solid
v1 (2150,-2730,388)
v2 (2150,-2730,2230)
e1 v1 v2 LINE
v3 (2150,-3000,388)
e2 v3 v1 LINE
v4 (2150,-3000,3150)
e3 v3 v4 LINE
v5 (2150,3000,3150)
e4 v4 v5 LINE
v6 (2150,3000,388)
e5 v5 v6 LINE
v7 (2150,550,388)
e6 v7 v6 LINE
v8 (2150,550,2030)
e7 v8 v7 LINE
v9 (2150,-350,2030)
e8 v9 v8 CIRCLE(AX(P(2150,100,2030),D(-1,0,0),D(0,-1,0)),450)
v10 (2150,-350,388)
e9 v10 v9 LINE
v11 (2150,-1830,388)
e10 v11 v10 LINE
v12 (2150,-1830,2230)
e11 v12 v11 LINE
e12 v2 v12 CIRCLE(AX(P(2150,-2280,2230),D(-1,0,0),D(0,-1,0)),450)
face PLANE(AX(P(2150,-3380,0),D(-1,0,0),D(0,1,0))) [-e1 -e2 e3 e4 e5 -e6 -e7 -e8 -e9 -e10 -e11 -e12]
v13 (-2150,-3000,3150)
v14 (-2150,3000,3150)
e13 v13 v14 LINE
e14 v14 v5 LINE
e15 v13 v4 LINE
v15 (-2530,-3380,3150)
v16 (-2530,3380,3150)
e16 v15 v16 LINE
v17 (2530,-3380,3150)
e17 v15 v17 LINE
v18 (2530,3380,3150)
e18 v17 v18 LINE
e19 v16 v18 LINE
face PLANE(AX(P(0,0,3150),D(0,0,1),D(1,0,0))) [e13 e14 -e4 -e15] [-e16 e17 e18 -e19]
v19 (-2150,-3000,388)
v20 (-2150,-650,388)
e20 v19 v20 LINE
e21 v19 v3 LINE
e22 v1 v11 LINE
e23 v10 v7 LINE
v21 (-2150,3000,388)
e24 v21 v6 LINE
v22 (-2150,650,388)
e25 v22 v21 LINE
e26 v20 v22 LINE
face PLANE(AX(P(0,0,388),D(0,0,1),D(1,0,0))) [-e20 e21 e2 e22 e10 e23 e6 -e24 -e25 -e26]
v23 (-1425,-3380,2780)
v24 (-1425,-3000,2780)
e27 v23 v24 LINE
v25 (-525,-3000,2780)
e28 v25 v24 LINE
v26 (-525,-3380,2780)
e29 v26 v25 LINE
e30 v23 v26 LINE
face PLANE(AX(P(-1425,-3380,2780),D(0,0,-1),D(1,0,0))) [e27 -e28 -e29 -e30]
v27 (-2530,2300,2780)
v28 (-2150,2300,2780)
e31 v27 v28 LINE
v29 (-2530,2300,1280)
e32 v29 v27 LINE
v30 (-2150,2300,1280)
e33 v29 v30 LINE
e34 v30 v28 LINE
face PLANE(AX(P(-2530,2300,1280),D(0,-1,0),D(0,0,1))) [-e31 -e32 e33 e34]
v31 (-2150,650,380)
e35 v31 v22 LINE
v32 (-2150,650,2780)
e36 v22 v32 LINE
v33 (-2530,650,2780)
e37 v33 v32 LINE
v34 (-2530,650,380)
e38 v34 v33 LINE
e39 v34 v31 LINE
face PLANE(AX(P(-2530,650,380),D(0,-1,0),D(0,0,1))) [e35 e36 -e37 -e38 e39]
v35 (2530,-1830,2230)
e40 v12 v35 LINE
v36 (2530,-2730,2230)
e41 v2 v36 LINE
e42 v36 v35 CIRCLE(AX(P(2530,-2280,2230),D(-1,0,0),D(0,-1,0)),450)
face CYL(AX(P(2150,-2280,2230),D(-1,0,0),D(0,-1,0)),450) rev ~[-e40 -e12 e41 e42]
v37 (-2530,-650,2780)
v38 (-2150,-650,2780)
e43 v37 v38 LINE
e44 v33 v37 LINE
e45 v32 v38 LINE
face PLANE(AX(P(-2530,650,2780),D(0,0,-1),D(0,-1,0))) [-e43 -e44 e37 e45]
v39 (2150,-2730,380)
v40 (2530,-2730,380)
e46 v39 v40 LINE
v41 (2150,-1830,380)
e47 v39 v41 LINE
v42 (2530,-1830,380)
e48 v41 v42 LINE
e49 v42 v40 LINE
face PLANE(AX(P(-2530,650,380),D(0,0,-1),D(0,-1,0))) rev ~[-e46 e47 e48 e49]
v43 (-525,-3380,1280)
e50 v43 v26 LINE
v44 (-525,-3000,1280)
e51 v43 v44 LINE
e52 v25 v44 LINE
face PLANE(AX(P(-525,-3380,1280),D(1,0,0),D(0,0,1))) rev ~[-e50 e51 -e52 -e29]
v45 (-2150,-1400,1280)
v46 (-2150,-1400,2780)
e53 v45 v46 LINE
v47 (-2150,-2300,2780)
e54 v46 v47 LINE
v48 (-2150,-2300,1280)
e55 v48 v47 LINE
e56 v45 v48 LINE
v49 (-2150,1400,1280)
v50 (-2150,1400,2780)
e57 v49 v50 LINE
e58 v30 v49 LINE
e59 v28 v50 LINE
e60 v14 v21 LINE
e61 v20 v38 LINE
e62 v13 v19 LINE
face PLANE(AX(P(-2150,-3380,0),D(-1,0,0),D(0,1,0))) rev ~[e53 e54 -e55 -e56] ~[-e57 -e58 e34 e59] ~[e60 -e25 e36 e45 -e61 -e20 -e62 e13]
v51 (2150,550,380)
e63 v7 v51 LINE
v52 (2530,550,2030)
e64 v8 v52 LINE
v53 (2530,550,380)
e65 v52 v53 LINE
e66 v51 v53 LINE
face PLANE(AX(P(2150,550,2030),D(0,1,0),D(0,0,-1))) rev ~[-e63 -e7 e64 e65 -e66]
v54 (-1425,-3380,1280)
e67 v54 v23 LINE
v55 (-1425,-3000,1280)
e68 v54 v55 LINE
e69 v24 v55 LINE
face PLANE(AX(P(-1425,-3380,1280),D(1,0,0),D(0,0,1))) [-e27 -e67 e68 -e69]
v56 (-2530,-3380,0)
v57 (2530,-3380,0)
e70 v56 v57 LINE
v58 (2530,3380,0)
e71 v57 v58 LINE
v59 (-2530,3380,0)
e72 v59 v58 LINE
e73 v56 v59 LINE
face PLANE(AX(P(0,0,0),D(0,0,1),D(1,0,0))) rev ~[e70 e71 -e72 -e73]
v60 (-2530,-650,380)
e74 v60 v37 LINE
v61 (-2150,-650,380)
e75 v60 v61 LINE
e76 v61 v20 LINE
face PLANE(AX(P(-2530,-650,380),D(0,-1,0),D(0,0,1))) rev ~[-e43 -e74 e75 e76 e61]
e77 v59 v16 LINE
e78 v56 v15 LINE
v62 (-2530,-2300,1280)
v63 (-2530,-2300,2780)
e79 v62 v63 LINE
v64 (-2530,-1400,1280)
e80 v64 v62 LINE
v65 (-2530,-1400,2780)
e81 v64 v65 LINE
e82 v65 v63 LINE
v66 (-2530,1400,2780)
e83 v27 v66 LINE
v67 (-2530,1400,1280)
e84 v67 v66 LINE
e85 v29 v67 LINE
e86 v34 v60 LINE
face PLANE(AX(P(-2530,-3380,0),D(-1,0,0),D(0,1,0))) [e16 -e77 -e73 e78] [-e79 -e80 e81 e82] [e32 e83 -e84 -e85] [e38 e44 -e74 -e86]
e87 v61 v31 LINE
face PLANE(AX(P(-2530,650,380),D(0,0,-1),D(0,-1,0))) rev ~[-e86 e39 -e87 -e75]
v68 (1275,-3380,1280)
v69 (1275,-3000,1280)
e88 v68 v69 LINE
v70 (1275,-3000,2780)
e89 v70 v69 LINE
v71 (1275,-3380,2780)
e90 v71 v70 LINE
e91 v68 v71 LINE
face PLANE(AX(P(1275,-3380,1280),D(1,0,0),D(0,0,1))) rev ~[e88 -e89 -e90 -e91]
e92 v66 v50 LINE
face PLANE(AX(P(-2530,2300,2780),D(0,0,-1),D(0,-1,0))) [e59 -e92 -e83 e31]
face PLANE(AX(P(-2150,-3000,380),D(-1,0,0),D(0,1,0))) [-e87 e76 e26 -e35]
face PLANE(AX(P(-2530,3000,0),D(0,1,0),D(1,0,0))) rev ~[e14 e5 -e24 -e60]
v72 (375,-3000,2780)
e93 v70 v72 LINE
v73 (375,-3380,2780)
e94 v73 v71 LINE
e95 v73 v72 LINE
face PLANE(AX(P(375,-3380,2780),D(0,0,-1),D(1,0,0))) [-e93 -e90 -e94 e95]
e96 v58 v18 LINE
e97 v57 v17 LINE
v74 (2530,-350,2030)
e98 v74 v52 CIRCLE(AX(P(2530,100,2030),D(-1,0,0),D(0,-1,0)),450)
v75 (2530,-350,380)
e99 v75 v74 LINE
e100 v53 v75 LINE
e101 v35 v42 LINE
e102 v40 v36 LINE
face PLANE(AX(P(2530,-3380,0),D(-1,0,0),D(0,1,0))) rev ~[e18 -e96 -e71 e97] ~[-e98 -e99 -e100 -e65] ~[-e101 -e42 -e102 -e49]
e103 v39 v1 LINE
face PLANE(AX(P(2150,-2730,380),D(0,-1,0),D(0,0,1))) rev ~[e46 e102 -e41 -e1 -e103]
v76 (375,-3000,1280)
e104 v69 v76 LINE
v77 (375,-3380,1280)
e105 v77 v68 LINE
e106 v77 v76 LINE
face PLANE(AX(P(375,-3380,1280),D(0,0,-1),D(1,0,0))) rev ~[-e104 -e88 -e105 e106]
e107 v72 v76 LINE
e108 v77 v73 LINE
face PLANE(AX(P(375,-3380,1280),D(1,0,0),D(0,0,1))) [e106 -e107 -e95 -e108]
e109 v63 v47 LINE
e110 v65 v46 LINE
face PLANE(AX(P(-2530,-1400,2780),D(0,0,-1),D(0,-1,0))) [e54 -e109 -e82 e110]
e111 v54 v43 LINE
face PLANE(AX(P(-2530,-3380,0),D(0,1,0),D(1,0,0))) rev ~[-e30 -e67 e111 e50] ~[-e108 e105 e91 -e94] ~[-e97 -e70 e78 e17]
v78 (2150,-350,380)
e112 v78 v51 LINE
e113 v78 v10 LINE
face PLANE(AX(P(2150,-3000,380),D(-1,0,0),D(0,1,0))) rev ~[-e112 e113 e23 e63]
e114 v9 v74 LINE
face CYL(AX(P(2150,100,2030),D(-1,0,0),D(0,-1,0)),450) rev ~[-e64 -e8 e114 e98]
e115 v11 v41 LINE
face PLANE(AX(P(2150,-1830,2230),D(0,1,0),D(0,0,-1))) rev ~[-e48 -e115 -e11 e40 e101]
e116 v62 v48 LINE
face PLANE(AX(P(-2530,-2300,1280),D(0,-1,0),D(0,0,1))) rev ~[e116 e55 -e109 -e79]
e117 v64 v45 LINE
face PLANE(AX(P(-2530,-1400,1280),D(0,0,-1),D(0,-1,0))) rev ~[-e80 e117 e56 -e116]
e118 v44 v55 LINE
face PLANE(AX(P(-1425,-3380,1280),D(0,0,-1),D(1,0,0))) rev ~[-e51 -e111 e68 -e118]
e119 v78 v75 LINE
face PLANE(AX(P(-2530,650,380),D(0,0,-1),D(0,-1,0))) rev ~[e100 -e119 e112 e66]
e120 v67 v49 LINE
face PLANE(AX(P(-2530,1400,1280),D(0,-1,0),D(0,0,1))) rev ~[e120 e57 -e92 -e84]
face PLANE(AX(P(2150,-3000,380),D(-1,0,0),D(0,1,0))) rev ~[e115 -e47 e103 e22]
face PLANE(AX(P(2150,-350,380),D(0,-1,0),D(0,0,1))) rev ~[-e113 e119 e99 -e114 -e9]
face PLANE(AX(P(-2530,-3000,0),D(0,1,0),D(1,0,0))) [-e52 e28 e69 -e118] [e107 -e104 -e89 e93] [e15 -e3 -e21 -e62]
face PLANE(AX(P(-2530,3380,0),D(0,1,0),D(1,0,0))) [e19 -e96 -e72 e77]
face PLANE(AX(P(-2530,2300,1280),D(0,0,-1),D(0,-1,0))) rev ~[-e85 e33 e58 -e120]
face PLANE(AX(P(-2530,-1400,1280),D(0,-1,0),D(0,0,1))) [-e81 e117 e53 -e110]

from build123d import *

# Parameters (mm, degrees)
F0_W      = 5060
F0_H      = 6760
F1_DEPTH  = 3150
F2_T      = -380
F3_W      = 1300
F3_H      = 2400
F3_W_2    = 900
F3_H_2    = 1500
F4_DEPTH  = 500
F5_W      = 900
F5_H      = 1500
F6_DEPTH  = 500
F8_DEPTH  = 380.001
F9_W      = 4300
F9_H      = 6000
F10_DEPTH = 8


with BuildPart() as f1:
    # F0 (on Top) → F1 (new body)
    with BuildSketch(Plane.XY):
        Rectangle(F0_W, F0_H)
    extrude(amount=F1_DEPTH)

    # F2
    f2_openings = [f1.faces().sort_by_distance(p)[0] for p in [
        (0, 0, 3150),
    ]]
    offset(amount=F2_T, openings=f2_openings)

    # F3 (on face) → F4 (cut)
    with BuildSketch(Plane(origin=(-2530, 0, 0), x_dir=(0, -1, 0), z_dir=(-1, 0, 0))):
        with Locations((0, 1580)):
            Rectangle(F3_W, F3_H)
        with Locations((-1850, 2030)):
            Rectangle(F3_W_2, F3_H_2)
        with Locations((1850, 2030)):
            Rectangle(F3_W_2, F3_H_2)
    extrude(amount=-F4_DEPTH, mode=Mode.SUBTRACT)

    # F5 (on face) → F6 (cut)
    with BuildSketch(Plane.XZ.offset(3380)):
        with Locations((-975, 2030)):
            Rectangle(F5_W, F5_H)
        with Locations((825, 2030)):
            Rectangle(F5_W, F5_H)
    extrude(amount=-F6_DEPTH, mode=Mode.SUBTRACT)

    # F7 (on face) → F8 (cut, through all)
    with BuildSketch(Plane(origin=(2150, 0, 0), x_dir=(0, -1, 0), z_dir=(-1, 0, 0))):
        with BuildLine():
            Line((-550, 2030), (-550, 380))
            Line((-550, 380), (350, 380))
            Line((350, 380), (350, 2030))
            ThreePointArc((350, 2030), (-100, 2480), (-550, 2030))
        make_face()
        with BuildLine():
            Line((1830, 2230), (1830, 380))
            Line((1830, 380), (2730, 380))
            Line((2730, 380), (2730, 2230))
            ThreePointArc((2730, 2230), (2280, 2680), (1830, 2230))
        make_face()
    extrude(amount=-F8_DEPTH, mode=Mode.SUBTRACT)

    # F9 (on face) → F10 (join)
    with BuildSketch(Plane.XY.offset(380)):
        Rectangle(F9_W, F9_H)
    extrude(amount=F10_DEPTH)


solid = f1.part
